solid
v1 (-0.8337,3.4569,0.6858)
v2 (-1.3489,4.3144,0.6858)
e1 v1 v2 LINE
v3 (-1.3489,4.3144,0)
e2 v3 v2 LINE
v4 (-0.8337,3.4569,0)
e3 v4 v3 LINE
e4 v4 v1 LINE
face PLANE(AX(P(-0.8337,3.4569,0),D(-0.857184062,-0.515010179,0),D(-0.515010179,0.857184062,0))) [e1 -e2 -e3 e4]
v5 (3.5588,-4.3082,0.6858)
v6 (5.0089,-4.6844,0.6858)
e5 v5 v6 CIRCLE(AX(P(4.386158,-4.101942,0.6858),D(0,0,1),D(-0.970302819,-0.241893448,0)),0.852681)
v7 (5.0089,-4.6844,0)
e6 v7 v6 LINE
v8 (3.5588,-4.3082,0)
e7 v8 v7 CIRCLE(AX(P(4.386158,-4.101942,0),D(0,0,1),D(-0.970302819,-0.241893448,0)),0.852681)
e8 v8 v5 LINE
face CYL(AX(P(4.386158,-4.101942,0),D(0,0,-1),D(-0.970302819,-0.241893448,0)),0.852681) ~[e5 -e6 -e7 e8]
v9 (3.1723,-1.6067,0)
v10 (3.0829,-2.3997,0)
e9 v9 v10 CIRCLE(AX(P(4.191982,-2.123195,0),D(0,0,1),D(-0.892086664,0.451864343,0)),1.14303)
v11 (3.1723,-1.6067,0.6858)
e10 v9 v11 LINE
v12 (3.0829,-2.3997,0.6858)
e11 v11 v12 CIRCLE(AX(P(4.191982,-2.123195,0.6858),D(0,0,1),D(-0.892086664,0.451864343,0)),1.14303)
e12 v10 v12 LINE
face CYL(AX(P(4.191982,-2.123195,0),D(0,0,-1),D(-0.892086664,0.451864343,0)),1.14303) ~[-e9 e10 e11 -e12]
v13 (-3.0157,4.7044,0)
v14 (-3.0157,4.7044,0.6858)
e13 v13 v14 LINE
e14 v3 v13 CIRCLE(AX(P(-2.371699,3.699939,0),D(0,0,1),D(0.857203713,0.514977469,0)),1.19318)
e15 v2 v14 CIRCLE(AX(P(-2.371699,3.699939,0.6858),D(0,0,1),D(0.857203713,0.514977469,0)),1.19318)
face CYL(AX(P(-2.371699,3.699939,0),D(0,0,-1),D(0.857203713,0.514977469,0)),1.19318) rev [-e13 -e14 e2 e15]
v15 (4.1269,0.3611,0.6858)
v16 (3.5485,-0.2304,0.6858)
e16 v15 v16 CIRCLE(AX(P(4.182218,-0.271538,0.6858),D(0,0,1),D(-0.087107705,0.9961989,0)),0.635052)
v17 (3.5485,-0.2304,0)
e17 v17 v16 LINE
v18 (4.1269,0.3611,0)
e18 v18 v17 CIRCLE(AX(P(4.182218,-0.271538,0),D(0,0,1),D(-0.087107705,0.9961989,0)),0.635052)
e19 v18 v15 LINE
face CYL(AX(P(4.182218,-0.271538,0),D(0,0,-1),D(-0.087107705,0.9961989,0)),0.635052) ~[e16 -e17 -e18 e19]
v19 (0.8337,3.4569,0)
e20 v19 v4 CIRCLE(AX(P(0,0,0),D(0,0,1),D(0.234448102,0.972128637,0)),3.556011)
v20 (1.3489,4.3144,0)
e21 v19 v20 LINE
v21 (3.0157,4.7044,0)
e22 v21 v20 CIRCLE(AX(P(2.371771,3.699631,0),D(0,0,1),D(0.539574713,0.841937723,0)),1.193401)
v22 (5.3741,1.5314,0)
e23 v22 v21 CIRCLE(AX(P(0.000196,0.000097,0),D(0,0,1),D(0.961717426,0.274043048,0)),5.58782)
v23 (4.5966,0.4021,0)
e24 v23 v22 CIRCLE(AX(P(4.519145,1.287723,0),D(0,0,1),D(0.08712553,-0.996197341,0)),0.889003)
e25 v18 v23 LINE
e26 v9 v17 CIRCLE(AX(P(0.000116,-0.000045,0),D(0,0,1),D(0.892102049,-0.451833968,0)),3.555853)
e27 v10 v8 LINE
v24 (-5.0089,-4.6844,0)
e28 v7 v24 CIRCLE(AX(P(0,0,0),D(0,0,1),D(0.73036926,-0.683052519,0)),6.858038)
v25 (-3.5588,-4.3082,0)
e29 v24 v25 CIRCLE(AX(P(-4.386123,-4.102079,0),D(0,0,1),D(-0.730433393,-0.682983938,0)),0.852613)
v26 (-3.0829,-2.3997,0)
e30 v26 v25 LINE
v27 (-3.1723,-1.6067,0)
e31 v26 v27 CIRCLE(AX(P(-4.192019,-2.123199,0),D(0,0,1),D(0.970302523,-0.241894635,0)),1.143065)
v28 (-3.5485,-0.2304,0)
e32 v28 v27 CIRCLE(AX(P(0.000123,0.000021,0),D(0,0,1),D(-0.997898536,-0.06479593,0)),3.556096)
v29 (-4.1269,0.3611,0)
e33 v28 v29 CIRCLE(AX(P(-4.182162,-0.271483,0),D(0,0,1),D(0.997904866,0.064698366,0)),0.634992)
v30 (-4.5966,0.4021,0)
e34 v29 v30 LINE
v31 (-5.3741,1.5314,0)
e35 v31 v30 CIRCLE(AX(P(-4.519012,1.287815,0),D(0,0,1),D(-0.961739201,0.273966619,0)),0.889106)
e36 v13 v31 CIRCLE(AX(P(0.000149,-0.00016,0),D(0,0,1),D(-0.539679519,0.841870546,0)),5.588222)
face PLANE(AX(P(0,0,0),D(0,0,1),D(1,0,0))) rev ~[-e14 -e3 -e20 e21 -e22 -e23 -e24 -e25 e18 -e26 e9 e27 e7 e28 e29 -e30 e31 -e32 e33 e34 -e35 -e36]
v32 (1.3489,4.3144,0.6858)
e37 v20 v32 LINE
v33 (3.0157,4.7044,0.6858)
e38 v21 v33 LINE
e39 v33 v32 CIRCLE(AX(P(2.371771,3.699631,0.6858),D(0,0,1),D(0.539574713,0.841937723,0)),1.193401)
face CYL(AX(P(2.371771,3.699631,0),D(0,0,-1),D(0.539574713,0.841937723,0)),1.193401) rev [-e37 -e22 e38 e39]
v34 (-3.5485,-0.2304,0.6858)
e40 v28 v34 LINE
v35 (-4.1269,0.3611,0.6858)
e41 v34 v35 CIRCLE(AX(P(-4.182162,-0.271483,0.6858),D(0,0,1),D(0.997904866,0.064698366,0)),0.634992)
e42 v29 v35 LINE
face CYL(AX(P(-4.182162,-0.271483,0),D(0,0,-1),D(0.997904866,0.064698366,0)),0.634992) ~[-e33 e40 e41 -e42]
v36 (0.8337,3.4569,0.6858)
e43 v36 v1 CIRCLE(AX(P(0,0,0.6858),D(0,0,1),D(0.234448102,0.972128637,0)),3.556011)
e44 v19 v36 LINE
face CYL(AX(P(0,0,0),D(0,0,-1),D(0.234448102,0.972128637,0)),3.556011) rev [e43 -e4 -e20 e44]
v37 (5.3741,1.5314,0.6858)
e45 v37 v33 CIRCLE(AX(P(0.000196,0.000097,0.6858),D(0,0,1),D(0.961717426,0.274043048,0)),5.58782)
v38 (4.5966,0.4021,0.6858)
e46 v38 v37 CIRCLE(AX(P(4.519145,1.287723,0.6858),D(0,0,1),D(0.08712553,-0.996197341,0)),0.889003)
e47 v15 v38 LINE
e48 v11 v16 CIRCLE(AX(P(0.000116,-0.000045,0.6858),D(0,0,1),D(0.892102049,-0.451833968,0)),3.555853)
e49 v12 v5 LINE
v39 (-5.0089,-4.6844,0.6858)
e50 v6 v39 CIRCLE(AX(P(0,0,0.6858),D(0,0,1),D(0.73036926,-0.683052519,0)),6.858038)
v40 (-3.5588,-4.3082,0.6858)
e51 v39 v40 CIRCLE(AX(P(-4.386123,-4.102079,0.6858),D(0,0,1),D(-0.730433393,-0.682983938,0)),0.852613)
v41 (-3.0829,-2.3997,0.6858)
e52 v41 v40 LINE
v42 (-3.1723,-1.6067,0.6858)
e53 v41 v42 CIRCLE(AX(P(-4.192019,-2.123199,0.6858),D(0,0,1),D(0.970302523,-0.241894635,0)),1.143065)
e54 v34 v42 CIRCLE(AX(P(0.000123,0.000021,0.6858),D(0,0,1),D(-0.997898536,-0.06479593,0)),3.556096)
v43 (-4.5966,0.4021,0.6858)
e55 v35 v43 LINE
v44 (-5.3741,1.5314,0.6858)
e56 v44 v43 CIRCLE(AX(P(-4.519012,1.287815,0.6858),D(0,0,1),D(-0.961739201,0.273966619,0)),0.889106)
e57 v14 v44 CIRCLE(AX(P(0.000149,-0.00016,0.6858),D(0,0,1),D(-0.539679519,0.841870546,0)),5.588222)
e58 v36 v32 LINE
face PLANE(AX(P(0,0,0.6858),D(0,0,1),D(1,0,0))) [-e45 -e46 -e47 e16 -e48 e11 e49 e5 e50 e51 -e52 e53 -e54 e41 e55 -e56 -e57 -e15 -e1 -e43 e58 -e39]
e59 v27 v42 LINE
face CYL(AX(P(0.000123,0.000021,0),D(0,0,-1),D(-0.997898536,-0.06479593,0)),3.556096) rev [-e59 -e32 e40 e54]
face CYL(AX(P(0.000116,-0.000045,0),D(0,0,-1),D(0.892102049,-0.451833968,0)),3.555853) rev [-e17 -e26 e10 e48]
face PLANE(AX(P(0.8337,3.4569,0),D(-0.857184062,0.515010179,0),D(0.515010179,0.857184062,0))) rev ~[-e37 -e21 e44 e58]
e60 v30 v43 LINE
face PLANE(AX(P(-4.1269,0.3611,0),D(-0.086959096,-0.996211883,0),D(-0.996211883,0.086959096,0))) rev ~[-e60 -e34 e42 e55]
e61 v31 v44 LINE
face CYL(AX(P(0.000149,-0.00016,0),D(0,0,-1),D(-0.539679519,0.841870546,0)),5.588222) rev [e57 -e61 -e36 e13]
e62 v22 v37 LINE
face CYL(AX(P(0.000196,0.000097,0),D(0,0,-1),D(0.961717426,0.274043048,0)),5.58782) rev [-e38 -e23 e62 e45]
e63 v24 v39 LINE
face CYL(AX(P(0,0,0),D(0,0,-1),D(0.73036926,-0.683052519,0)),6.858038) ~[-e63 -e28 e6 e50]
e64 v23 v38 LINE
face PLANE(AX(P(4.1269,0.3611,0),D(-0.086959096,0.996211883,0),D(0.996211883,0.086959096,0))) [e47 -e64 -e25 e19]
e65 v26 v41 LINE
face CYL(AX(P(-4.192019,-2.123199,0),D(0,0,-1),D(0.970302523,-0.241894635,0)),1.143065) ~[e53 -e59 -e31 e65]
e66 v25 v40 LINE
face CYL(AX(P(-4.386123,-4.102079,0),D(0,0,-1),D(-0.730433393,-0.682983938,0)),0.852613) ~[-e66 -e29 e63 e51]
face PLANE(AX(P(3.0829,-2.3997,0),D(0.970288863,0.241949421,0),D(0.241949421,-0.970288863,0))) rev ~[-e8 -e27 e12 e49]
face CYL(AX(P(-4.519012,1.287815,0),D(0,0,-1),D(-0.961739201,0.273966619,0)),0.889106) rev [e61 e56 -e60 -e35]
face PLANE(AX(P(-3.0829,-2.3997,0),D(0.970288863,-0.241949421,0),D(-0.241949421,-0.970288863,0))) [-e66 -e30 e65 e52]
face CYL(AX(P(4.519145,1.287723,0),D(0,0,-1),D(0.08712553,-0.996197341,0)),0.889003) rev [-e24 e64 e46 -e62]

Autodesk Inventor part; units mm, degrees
ref_plane "YZ Plane" through (0, 0, 0) normal (1, 0, 0) x (0, 1, 0)
ref_plane "XZ Plane" through (0, 0, 0) normal (0, 1, 0) x (-1, 0, 0)
ref_plane "XY Plane" through (0, 0, 0) normal (0, 0, 1) x (1, 0, 0)
sketch "Sketch1" plane through (0, 0, 0) normal (0, 0, 1) x (1, 0, 0)
  arc A0 (5.0089, -4.6844) -> (-5.0089, -4.6844) centre (0, 0) ccw
  line L0 (0, 0) -> (0, 3.3219)
  line L1 (0, 0) -> (0, -6.858)
  line L2 (4.1269, 0.3611) -> (4.5966, 0.4021)
  line L3 (-4.1269, 0.3611) -> (-4.5966, 0.4021)
  line L4 (-3.0829, -2.3997) -> (-3.5588, -4.3082)
  line L5 (3.0829, -2.3997) -> (3.5588, -4.3082)
  arc A1 (0.8337, 3.4569) -> (-0.8337, 3.4569) centre (0, 0) ccw
  arc A2 (-3.5485, -0.2304) -> (-3.1723, -1.6067) centre (0, 0) ccw
  arc A3 (3.1723, -1.6067) -> (3.5485, -0.2304) centre (0, 0) ccw
  arc A4 (3.5588, -4.3082) -> (5.0089, -4.6844) centre (4.3861, -4.102) ccw
  arc A5 (-5.0089, -4.6844) -> (-3.5588, -4.3082) centre (-4.3861, -4.102) ccw
  arc A6 (4.1269, 0.3611) -> (3.5485, -0.2304) centre (4.1822, -0.2715) ccw
  arc A7 (3.1723, -1.6067) -> (3.0829, -2.3997) centre (4.192, -2.1232) ccw
  arc A8 (-3.5485, -0.2304) -> (-4.1269, 0.3611) centre (-4.1822, -0.2715) ccw
  arc A9 (-3.0829, -2.3997) -> (-3.1723, -1.6067) centre (-4.192, -2.1232) ccw
  arc A10 (4.5966, 0.4021) -> (5.3741, 1.5314) centre (4.5191, 1.2878) ccw
  arc A11 (3.0157, 4.7044) -> (1.3489, 4.3144) centre (2.3718, 3.6998) ccw
  arc A12 (-5.3741, 1.5314) -> (-4.5966, 0.4021) centre (-4.5191, 1.2878) ccw
  arc A13 (-1.3489, 4.3144) -> (-3.0157, 4.7044) centre (-2.3718, 3.6998) ccw
  line L6 (-0.8337, 3.4569) -> (-1.3489, 4.3144)
  line L7 (0.8337, 3.4569) -> (1.3489, 4.3144)
  arc A14 (5.3741, 1.5314) -> (3.0157, 4.7044) centre (0, 0) ccw
  arc A15 (-3.0157, 4.7044) -> (-5.3741, 1.5314) centre (0, 0) ccw
  point P0 (5.5667, 0.487)
  point P1 (-5.5667, 0.487)
  point P2 (-3.7479, -5.1854)
  point P3 (2.9716, -1.9532)
  point P4 (3.7479, -5.1854)
  point P5 (1.4868, 5.1225)
  point P6 (0, 2.4453)
  point P7 (-1.4868, 5.1225)
  point P8 (0, 2.4453)
  point P9 (-2.9716, -1.9532)
  point P10 (-0.8419, 3.4705)
  point P11 (-2.3046, 5.9049)
  point P12 (0.8419, 3.4705)
  point P13 (2.3046, 5.9049)
  dimension "d0" = 13.716
  dimension "d2" = 95
  dimension "d3" = 14
  dimension "d4" = 3.556
  dimension "d5" = 0.8527
  dimension "d6" = 3.556
  dimension "d7" = 14
  dimension "d8" = 1.27
  dimension "d9" = 1.27
  dimension "d10" = 1.778
  dimension "d11" = 31
  dimension "d12" = 2.286
extrude "Extrusion1" add sketch "Sketch1" along normal blind 0.6858
equation "\"d6\" = d4"
equation "\"d7\" = d3"
equation "\"d9\" = d8"
properties material "Steel"
